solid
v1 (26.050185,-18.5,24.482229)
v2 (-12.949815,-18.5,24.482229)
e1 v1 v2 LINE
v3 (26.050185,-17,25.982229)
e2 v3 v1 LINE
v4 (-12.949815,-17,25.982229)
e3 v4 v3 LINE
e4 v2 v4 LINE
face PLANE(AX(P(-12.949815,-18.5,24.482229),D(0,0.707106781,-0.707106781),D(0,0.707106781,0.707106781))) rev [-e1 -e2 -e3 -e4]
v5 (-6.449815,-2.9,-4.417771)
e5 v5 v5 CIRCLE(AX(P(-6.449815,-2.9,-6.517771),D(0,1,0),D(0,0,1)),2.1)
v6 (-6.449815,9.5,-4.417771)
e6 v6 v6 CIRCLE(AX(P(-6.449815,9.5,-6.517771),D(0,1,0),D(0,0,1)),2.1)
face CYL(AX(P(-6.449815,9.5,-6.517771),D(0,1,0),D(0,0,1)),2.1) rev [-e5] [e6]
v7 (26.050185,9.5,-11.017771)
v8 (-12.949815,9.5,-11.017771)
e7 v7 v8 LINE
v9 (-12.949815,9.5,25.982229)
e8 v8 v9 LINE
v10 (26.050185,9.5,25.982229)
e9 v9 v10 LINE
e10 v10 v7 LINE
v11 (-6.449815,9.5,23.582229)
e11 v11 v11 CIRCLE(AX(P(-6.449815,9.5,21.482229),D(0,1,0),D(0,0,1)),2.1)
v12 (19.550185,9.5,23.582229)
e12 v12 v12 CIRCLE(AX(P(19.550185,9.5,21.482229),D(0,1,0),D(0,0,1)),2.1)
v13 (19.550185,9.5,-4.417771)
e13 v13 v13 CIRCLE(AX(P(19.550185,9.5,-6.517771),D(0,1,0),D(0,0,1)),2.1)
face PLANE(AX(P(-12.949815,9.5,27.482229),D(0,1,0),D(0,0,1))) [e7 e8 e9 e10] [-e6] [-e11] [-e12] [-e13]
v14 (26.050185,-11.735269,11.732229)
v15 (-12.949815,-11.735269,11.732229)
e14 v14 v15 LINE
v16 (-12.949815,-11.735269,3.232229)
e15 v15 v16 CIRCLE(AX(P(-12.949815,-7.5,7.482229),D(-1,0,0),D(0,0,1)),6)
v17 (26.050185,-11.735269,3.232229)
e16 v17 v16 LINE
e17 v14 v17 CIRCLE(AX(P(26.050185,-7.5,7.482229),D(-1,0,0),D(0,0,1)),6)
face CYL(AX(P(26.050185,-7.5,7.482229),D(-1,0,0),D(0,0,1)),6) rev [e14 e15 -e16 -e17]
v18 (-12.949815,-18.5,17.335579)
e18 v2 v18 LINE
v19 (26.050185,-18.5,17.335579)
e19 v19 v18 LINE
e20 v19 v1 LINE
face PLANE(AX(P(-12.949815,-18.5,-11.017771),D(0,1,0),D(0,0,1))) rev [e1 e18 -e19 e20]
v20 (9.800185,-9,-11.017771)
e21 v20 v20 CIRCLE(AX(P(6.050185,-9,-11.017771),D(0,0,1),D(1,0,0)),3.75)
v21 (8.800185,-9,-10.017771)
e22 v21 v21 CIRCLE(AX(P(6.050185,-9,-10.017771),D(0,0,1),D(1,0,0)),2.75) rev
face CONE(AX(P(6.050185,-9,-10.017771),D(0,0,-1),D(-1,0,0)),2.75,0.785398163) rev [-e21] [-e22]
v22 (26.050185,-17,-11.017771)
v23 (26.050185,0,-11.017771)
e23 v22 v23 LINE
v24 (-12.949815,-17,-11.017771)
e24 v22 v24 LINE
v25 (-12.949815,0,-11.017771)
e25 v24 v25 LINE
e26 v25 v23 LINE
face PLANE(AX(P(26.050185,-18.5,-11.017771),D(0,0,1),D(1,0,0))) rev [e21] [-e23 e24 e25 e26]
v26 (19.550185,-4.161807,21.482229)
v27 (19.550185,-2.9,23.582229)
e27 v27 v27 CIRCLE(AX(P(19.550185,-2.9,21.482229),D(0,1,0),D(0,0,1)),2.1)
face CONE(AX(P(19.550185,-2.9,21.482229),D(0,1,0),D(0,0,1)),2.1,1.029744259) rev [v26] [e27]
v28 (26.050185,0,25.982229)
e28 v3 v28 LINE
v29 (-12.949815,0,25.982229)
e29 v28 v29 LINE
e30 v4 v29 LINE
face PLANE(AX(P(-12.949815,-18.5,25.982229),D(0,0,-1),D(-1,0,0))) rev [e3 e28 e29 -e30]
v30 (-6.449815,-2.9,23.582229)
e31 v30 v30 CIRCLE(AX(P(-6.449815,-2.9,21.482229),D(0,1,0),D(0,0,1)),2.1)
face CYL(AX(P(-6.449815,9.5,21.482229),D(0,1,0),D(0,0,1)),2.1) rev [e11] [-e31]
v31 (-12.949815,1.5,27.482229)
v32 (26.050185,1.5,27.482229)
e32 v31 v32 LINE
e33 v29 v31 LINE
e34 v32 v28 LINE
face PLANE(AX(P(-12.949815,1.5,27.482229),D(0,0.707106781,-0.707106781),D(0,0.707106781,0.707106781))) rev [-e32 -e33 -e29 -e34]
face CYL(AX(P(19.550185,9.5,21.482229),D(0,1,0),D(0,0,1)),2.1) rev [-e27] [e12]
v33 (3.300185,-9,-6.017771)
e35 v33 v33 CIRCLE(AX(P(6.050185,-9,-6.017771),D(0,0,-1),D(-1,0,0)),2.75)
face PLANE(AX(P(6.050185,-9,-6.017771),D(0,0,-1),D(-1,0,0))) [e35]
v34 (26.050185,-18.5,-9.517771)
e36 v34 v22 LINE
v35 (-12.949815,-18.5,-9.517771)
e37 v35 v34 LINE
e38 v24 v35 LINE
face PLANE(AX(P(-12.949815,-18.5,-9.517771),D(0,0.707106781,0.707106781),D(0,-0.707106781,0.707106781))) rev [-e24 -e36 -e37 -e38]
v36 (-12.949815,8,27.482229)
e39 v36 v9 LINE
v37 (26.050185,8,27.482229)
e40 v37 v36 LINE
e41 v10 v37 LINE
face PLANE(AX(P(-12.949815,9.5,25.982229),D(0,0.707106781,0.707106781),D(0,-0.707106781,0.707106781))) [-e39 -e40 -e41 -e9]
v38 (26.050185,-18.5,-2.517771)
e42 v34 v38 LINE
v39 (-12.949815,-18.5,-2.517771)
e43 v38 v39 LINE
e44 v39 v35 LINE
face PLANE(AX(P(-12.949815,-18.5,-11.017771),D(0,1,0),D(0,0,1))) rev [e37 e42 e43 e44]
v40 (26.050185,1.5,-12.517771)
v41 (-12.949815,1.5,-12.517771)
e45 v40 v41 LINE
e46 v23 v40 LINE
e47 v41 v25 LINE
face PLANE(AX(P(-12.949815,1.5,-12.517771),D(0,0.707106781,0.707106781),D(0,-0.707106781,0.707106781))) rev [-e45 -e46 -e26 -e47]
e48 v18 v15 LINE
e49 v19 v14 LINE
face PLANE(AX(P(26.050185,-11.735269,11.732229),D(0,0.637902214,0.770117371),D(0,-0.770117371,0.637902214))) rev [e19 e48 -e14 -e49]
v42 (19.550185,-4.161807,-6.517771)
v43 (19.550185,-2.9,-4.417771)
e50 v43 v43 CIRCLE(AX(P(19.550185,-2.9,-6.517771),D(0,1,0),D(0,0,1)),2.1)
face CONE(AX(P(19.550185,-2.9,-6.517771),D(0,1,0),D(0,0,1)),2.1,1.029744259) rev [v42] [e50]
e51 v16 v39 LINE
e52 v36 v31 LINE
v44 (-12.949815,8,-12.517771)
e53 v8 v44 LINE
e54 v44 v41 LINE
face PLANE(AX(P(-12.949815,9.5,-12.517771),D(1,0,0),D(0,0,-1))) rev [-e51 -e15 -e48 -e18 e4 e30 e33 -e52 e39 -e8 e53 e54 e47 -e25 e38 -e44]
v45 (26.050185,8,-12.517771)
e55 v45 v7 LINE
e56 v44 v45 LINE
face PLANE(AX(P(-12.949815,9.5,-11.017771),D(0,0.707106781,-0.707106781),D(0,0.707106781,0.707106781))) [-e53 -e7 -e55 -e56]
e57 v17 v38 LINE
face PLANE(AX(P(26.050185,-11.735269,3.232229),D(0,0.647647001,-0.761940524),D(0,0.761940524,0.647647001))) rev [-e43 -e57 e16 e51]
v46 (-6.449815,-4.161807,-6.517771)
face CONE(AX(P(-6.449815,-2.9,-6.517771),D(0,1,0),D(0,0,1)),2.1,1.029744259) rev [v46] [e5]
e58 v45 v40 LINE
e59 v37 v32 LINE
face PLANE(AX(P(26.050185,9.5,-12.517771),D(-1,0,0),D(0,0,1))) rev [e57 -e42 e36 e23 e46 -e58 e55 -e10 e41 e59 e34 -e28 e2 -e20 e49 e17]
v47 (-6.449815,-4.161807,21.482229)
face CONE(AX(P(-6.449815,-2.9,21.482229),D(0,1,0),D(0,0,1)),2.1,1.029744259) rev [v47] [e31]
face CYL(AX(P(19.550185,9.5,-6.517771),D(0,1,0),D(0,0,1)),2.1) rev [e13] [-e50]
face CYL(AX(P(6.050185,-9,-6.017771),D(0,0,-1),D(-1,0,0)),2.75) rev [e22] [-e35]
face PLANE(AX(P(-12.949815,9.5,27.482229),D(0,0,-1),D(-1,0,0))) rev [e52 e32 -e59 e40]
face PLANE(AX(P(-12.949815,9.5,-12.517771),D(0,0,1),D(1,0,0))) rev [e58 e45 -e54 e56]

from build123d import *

# Parameters (mm, degrees)
ESQUISSE1_W               = 39
ESQUISSE1_H               = 40
EXTRUSION1_DEPTH          = 9.5
CHANFREIN1_SIZE           = 1.5
ESQUISSE5_W               = 39
ESQUISSE5_H               = 37
EXTRUSION2_DEPTH          = 18.5
CHANFREIN2_SIZE           = 1.5
ESQUISSE6_R               = 2.75
EXTRUSION3_DEPTH          = 5
CHANFREIN3_SIZE           = 1
TROU_TARAUD_M5X0_81_D     = 4.2
TROU_TARAUD_M5X0_81_DEPTH = 12.4
TROU_TARAUD_M5X0_81_TIP   = 1.2618073
EXTRUSION4_DEPTH          = 52.171504892


with BuildPart() as part:
    # Esquisse1 → Extrusion1 (new body)
    with BuildSketch(Plane(origin=(0, 0, 0), x_dir=(1, 0, 0), z_dir=(0, 1, 0))):
        with Locations((6.550185129, -7.482229039)):
            Rectangle(ESQUISSE1_W, ESQUISSE1_H)
    extrude(amount=EXTRUSION1_DEPTH)

    # Chanfrein1
    chanfrein1_edges = [part.edges().sort_by_distance(p)[0] for p in [
        (6.550185129, 9.5, -12.517770961),
        (6.550185129, 0, -12.517770961),
        (6.550185129, 0, 27.482229039),
        (6.550185129, 9.5, 27.482229039),
    ]]
    chamfer(chanfrein1_edges, length=CHANFREIN1_SIZE)

    # Esquisse5 → Extrusion2 (add)
    with BuildSketch(Plane.XZ):
        with Locations((6.550185129, 7.482229039)):
            Rectangle(ESQUISSE5_W, ESQUISSE5_H)
    extrude(amount=EXTRUSION2_DEPTH)

    # Chanfrein2
    chanfrein2_edges = [part.edges().sort_by_distance(p)[0] for p in [
        (6.550185129, -18.5, -11.017770961),
        (6.550185129, -18.5, 25.982229039),
    ]]
    chamfer(chanfrein2_edges, length=CHANFREIN2_SIZE)

    # Esquisse6 → Extrusion3 (cut)
    with BuildSketch(Plane(origin=(0, 0, -11.017770961), x_dir=(-1, 0, 0), z_dir=(0, 0, -1))):
        with Locations((-6.050185129, -9)):
            Circle(ESQUISSE6_R)
    extrude(amount=-EXTRUSION3_DEPTH, mode=Mode.SUBTRACT)

    # Chanfrein3
    chanfrein3_edges = [part.edges().sort_by_distance(p)[0] for p in [
        (8.800185129, -9, -11.017770961),
    ]]
    chamfer(chanfrein3_edges, length=CHANFREIN3_SIZE)

    # Trou taraudé M5x0.81
    with Locations(Plane(origin=(-6.449814871, 9.5, -6.517770961), x_dir=(0, 0, 1), z_dir=(0, 1, 0))):
        with Locations((0, 0), (0, 26), (28, 26), (28, 0)):
            Hole(TROU_TARAUD_M5X0_81_D / 2, depth=TROU_TARAUD_M5X0_81_DEPTH)
            with Locations((0, 0, -(TROU_TARAUD_M5X0_81_DEPTH + TROU_TARAUD_M5X0_81_TIP / 2))):  # 118° drill point
                Cone(0, TROU_TARAUD_M5X0_81_D / 2, TROU_TARAUD_M5X0_81_TIP, mode=Mode.SUBTRACT)

    # Esquisse8 → Extrusion4 (cut, through all)
    with BuildSketch(Plane.ZY.offset(12.949814871)):
        with BuildLine():
            Line((3.232229039, -11.735268587), (-2.517770961, -18.5))
            Line((-2.517770961, -18.5), (17.335579002, -18.5))
            Line((17.335579002, -18.5), (11.732229039, -11.735268587))
            ThreePointArc((11.732229039, -11.735268587), (7.482229039, -1.5), (3.232229039, -11.735268587))
        make_face()
    extrude(amount=-EXTRUSION4_DEPTH, mode=Mode.SUBTRACT)


solid = part.part
